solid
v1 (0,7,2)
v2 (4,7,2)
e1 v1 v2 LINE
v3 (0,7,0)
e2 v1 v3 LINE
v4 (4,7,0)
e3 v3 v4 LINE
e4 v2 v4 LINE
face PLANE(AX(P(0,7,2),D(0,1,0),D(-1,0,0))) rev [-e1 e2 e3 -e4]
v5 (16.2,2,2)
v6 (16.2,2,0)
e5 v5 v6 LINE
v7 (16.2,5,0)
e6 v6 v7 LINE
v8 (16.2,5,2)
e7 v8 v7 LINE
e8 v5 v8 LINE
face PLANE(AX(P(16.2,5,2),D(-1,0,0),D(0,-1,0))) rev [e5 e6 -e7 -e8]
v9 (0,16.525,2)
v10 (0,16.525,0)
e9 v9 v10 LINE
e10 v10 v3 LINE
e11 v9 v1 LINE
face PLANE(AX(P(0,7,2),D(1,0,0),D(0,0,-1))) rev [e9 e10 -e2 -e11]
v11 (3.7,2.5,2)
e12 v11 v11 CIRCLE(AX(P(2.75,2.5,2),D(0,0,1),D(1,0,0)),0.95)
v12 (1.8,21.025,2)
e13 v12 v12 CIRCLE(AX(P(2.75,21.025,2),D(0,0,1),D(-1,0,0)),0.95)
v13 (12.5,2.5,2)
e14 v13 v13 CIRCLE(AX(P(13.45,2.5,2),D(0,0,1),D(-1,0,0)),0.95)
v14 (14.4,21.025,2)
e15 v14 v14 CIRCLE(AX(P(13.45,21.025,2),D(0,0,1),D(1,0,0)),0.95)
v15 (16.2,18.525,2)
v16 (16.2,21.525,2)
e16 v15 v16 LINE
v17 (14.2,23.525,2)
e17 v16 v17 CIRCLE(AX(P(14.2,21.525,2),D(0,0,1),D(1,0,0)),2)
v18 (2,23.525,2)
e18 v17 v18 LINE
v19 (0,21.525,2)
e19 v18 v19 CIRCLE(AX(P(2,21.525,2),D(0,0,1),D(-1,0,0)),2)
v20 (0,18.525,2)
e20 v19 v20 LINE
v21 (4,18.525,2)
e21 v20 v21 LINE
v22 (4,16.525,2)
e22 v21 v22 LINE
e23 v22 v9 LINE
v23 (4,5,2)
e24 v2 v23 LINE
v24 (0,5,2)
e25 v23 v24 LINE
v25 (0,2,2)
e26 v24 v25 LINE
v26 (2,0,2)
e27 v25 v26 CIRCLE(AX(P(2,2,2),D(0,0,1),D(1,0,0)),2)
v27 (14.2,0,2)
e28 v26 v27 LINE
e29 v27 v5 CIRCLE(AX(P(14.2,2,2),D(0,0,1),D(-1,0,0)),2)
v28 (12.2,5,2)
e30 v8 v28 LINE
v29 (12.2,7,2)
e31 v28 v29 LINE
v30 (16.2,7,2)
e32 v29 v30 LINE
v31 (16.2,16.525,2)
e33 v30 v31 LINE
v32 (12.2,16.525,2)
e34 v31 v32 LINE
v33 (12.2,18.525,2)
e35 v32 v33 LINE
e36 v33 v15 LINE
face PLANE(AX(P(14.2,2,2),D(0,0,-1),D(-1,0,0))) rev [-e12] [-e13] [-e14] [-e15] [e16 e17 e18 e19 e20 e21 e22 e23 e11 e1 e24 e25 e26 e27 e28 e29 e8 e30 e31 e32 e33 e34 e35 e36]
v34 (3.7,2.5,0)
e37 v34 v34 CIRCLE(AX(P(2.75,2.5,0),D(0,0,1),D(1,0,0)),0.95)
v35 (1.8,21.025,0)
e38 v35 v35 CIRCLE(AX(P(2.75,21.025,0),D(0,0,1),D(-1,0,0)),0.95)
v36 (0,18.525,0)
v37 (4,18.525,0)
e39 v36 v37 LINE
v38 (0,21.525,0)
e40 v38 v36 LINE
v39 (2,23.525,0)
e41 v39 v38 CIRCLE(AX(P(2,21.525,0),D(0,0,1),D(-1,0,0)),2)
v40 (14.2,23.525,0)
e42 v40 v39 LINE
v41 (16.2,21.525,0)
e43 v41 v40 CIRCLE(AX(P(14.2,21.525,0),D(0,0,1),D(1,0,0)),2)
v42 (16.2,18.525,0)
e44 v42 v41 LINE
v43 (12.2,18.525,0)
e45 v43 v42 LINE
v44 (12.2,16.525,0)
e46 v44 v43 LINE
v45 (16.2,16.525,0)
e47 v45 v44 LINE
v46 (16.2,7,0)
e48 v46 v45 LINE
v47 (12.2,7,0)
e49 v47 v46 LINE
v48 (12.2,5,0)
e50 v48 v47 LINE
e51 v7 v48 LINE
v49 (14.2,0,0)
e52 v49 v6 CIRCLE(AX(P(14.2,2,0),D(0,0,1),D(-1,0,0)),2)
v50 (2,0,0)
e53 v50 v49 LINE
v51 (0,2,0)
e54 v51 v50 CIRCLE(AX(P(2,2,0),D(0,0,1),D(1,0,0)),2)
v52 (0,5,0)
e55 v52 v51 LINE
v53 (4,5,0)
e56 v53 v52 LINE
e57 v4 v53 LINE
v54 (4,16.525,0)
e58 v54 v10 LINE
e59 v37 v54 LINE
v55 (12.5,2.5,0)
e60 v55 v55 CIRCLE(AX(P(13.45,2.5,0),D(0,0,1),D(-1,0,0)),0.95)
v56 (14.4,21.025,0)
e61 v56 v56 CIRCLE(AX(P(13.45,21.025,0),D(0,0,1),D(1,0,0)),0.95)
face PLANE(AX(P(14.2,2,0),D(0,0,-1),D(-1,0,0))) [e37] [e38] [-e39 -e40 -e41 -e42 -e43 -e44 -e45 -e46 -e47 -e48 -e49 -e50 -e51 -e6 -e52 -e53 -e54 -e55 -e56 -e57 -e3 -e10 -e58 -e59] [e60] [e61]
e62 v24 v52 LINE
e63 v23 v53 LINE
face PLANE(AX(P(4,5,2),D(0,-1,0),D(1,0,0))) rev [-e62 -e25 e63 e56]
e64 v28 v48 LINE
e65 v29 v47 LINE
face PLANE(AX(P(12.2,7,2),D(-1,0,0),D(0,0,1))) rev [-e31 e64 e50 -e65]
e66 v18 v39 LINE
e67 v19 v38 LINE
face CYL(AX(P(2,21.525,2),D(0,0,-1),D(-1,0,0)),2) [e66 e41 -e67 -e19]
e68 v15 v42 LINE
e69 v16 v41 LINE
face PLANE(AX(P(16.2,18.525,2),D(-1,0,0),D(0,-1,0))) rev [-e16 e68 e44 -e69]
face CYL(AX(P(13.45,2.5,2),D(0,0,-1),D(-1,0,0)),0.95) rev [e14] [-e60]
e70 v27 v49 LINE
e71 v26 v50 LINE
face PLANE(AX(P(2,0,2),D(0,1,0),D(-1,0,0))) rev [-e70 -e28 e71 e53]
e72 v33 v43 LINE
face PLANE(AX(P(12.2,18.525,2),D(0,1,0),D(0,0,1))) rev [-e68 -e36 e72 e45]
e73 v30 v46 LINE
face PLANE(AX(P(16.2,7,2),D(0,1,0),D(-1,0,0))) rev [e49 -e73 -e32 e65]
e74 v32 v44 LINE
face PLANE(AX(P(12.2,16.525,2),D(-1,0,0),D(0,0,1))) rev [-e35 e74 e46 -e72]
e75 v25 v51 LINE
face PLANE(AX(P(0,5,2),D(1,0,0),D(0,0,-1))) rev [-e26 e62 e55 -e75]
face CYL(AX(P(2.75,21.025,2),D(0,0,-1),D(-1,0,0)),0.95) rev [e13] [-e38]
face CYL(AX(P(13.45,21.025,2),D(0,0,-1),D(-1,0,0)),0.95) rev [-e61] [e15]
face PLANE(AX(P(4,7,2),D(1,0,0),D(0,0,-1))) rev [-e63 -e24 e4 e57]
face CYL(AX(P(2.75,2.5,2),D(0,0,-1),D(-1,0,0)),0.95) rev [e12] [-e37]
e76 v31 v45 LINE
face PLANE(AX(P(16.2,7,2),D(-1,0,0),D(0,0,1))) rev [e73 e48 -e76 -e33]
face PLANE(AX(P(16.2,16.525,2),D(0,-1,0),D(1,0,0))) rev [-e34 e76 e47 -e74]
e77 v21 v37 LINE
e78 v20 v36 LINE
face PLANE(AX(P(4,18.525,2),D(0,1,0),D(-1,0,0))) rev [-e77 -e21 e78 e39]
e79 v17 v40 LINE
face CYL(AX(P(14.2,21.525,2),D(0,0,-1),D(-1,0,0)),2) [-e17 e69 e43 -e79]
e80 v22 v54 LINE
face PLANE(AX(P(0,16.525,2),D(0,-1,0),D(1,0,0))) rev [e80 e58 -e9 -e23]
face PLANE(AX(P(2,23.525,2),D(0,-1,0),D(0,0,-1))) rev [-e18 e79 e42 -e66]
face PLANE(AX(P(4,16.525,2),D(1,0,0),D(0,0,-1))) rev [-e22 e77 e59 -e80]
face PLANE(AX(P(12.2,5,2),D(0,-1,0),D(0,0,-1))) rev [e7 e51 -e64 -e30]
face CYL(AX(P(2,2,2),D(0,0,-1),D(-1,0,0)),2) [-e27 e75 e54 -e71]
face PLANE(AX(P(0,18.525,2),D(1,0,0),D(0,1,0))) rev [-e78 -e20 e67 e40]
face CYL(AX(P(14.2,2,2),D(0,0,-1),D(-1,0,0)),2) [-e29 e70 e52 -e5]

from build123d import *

# Parameters (mm, degrees)
SKETCH1_R           = 0.95
BOSS_EXTRUDE1_DEPTH = 2


with BuildPart() as part:
    # Sketch1 → Boss-Extrude1 (new body)
    with BuildSketch(Plane.XY):
        with BuildLine():
            Line((16.2, 5), (16.2, 2))
            ThreePointArc((16.2, 2), (15.614213562, 0.585786438), (14.2, 0))
            Line((14.2, 0), (2, 0))
            ThreePointArc((2, 0), (0.585786438, 0.585786438), (0, 2))
            Line((0, 2), (0, 5))
            Line((0, 5), (4, 5))
            Line((4, 5), (4, 7))
            Line((4, 7), (0, 7))
            Line((0, 7), (0, 16.525))
            Line((0, 16.525), (4, 16.525))
            Line((4, 16.525), (4, 18.525))
            Line((4, 18.525), (0, 18.525))
            Line((0, 18.525), (0, 21.525))
            ThreePointArc((0, 21.525), (0.585786438, 22.939213562), (2, 23.525))
            Line((2, 23.525), (14.2, 23.525))
            ThreePointArc((14.2, 23.525), (15.614213562, 22.939213562), (16.2, 21.525))
            Line((16.2, 21.525), (16.2, 18.525))
            Line((16.2, 18.525), (12.2, 18.525))
            Line((12.2, 18.525), (12.2, 16.525))
            Line((12.2, 16.525), (16.2, 16.525))
            Line((16.2, 16.525), (16.2, 7))
            Line((16.2, 7), (12.2, 7))
            Line((12.2, 7), (12.2, 5))
            Line((12.2, 5), (16.2, 5))
        make_face()
        with Locations((13.45, 2.5)):
            Circle(SKETCH1_R, mode=Mode.SUBTRACT)
        with Locations((2.75, 21.025)):
            Circle(SKETCH1_R, mode=Mode.SUBTRACT)
        with Locations((13.45, 21.025)):
            Circle(SKETCH1_R, mode=Mode.SUBTRACT)
        with Locations((2.75, 2.5)):
            Circle(SKETCH1_R, mode=Mode.SUBTRACT)
    extrude(amount=BOSS_EXTRUDE1_DEPTH)


solid = part.part
